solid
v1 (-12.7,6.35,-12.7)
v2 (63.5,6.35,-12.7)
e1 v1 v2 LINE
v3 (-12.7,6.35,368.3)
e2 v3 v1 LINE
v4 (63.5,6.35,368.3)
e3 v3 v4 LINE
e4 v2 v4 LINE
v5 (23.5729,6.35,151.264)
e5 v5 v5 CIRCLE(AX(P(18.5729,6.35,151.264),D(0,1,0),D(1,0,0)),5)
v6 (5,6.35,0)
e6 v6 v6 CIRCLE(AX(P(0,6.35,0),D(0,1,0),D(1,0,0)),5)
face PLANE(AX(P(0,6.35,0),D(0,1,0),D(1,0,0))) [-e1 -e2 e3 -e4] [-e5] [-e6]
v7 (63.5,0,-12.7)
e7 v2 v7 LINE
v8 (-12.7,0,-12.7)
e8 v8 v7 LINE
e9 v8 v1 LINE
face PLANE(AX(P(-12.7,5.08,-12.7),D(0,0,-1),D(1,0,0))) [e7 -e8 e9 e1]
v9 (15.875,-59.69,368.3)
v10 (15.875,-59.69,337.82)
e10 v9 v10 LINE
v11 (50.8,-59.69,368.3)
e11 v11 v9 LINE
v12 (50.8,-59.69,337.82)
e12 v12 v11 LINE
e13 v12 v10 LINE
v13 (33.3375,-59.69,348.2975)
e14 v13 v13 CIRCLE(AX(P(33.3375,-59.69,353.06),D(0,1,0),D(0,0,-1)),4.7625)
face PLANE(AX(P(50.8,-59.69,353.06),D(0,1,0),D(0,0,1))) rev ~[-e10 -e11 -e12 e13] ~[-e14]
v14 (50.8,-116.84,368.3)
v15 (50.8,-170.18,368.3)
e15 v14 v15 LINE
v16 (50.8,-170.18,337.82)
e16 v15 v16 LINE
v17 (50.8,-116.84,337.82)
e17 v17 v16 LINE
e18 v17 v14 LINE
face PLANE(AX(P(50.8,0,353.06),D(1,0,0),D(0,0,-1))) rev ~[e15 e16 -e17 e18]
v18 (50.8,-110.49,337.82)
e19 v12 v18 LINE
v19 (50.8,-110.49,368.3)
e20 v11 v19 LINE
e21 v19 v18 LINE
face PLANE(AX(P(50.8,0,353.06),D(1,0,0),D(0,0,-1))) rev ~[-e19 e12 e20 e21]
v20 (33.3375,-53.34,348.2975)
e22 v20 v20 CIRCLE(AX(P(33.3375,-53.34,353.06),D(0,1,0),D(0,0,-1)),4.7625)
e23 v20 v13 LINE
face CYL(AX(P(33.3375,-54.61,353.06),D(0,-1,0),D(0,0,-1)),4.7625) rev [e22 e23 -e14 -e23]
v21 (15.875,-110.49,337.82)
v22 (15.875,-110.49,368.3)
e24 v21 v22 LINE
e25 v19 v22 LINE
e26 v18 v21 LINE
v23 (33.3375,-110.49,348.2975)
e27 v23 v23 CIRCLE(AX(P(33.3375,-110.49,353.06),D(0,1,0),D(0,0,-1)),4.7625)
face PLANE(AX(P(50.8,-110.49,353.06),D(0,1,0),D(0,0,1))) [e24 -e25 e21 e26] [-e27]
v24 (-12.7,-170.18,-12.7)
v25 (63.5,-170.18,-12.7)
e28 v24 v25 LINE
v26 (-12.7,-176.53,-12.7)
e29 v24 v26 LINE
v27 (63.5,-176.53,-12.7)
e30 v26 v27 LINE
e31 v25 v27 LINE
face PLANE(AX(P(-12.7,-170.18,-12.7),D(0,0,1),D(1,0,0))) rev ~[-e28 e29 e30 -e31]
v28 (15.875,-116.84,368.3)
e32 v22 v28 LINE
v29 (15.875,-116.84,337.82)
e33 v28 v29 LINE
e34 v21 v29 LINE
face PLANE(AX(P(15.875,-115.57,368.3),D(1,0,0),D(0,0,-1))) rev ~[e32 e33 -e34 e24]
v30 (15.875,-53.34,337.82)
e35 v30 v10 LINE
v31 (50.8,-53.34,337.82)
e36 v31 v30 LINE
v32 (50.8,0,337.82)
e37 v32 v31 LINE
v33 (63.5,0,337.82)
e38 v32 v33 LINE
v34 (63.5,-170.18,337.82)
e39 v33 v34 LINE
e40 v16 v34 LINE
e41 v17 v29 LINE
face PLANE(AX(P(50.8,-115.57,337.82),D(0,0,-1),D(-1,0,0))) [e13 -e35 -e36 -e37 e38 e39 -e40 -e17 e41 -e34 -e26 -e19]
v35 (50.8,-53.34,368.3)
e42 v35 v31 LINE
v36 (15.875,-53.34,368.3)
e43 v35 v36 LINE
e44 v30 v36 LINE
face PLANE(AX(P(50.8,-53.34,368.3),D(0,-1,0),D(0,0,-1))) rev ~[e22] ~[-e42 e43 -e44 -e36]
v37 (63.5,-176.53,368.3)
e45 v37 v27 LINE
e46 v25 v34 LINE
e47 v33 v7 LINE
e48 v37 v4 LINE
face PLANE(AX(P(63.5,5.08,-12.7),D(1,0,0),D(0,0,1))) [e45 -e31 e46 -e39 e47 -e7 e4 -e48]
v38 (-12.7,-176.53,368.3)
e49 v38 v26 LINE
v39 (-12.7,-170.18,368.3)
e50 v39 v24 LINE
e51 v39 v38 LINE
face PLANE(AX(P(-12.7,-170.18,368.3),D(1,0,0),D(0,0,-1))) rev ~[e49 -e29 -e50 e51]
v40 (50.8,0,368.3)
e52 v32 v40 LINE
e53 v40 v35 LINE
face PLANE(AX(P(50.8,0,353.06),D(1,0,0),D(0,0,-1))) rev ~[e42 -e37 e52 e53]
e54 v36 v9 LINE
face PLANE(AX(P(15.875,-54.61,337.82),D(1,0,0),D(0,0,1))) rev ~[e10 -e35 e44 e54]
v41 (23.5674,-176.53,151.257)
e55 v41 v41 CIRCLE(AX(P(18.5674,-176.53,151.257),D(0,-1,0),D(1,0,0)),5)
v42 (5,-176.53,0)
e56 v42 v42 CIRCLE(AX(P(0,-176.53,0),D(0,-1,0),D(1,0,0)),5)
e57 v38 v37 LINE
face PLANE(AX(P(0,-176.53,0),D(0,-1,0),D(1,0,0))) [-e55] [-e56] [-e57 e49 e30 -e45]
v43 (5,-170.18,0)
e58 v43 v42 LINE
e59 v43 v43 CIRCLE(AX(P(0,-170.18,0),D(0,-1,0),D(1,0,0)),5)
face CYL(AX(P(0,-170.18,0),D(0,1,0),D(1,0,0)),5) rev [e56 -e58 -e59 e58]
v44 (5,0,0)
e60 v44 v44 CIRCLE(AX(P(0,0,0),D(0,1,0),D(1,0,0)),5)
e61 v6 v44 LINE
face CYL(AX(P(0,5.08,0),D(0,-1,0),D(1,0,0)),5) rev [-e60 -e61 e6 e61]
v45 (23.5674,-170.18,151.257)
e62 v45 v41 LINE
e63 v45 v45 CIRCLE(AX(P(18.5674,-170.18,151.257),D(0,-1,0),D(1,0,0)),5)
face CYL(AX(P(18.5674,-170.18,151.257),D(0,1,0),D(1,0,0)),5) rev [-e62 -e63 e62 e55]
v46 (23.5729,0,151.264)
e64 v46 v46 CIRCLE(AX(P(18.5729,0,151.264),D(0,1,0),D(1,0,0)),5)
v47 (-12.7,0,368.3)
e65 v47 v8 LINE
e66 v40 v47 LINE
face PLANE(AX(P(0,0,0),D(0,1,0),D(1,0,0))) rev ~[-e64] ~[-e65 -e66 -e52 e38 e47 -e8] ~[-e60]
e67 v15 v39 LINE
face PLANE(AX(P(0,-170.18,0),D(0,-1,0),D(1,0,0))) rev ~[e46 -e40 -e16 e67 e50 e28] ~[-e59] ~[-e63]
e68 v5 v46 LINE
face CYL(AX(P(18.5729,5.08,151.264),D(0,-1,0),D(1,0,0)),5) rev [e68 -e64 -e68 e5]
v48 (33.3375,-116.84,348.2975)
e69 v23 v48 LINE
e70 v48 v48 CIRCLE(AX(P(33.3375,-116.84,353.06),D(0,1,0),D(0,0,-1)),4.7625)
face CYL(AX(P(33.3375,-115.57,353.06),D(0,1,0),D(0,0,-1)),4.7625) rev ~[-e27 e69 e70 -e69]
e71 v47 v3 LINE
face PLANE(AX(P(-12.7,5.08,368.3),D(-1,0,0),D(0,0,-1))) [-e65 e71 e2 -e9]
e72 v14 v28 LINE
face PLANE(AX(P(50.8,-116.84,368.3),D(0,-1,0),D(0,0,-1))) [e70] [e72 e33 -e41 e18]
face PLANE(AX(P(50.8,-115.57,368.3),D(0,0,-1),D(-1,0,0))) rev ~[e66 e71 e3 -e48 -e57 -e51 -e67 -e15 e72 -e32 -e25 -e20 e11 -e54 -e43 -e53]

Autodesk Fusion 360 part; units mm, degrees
sketch "Sketch1" plane through (0, 0, 0) normal (0, 1, 0) x (1, 0, 0)
  line L0 (0, 0) -> (18.5729, 0) construction
  line L1 (18.5729, 0) -> (18.5729, -151.264) construction
  line L2 (18.5729, -151.264) -> (0, -151.264) construction
  line L3 (0, -151.264) -> (0, 0) construction
  line L4 (0, 0) -> (18.5729, -151.264) construction
  line L5 (0, 0) -> (43.3367, -352.9494) construction
  line L6 (-12.7, 12.7) -> (63.5, 12.7)
  line L7 (63.5, 12.7) -> (63.5, -368.3)
  line L8 (63.5, -368.3) -> (-12.7, -368.3)
  line L9 (-12.7, -368.3) -> (-12.7, 12.7)
  circle A0 centre (0, 0) radius 5
  circle A1 centre (18.5729, -151.264) radius 5
  circle A2 centre (43.3367, -352.9494) radius 4.7625
  line L10 (63.5, -368.3) -> (50.8, -368.3)
  line L11 (50.8, -368.3) -> (50.8, -337.82)
  line L12 (50.8, -337.82) -> (63.5, -337.82)
  line L13 (63.5, -337.82) -> (63.5, -368.3)
  line L14 (50.8, -353.06) -> (63.5, -353.06)
  dimension "d7" = 18.5729
  dimension "d8" = 151.264
  dimension "d9" = 355.6
  dimension "d10" = 381
  dimension "d11" = 76.2
  dimension "d13" = 12.7
  dimension "d14" = 12.7
  dimension "d15" = 10
  dimension "d16" = 10
  dimension "d19" = 9.525
  dimension "d22" = 30.48
  dimension "d23" = 12.7
extrude "Extrude1" add sketch "Sketch1" along normal blind 5.08 contours L6 L7 L8 L9 L11 L12 | L7 L11 L12 L13 L14 | L7 L8 L10 L11 L13 L14 | A2
extrude "Extrude3" add sketch "Sketch1" against normal blind 170.18 contours L7 L11 L12 L13 L14 | L7 L8 L10 L11 L13 L14
sketch "Sketch2" plane through (50.8, 0, 0) normal (-1, 0, 0) x (0, -1, 0)
  line L0 (0, 368.3) -> (0, 337.82)
  line L1 (0, 337.82) -> (170.18, 337.82)
  line L2 (170.18, 337.82) -> (170.18, 368.3)
  line L3 (170.18, 368.3) -> (0, 368.3)
  line L4 (85.09, 337.82) -> (85.09, 368.3)
  line L5 (170.18, 353.06) -> (0, 353.06)
  line L6 (59.69, 348.2975) -> (110.49, 348.2975) construction
  line L7 (110.49, 348.2975) -> (110.49, 357.8225) construction
  line L8 (110.49, 357.8225) -> (59.69, 357.8225) construction
  line L9 (59.69, 357.8225) -> (59.69, 348.2975) construction
  line L10 (59.69, 353.06) -> (110.49, 353.06)
  line L11 (85.09, 357.8225) -> (85.09, 348.2975)
  line L12 (110.49, 368.3) -> (115.57, 368.3)
  line L13 (115.57, 368.3) -> (115.57, 337.82)
  line L14 (115.57, 337.82) -> (110.49, 337.82)
  line L15 (110.49, 337.82) -> (110.49, 368.3)
  line L16 (54.61, 368.3) -> (54.61, 337.82)
  line L17 (59.69, 337.82) -> (59.69, 368.3)
  line L18 (59.69, 368.3) -> (54.61, 368.3)
  line L19 (54.61, 337.82) -> (59.69, 337.82)
  dimension "d26" = 9.525
  dimension "d27" = 50.8
  dimension "d28" = 30.48
  dimension "d29" = 85.09
  dimension "d30" = 5.08
  dimension "d31" = 5.08
  dimension "d32" = 30.48
extrude "Extrude4" add sketch "Sketch2" along normal blind 34.925 contours L3 L5 L16 L17 L18 | L1 L5 L16 L17 L19 | L3 L5 L12 L13 L15 | L1 L5 L13 L14 L15
hole "Hole1" at (33.3375, -59.69, 353.06) direction (0, 1, 0) diameter 9.525 depth 10.16 tip angle 118
hole "Hole2" at (33.3375, -115.57, 353.06) direction (0, 1, 0) diameter 9.525 depth 10.16 tip angle 118
sketch "Sketch3" plane through (0, -170.18, 0) normal (0, -1, 0) x (1, 0, 0)
  line L0 (50.8, 337.82) -> (63.5, 337.82)
  line L1 (63.5, 337.82) -> (63.5, 368.3)
  line L2 (63.5, 368.3) -> (50.8, 368.3)
  line L3 (50.8, 368.3) -> (50.8, 337.82)
  line L4 (63.5, 368.3) -> (-12.7, 368.3)
  line L5 (-12.7, 368.3) -> (-12.7, -12.7)
  line L6 (-12.7, -12.7) -> (63.5, -12.7)
  line L7 (63.5, -12.7) -> (63.5, 368.3)
  line L8 (0, 0) -> (18.5674, 0) construction
  line L9 (18.5674, 0) -> (18.5674, 151.257) construction
  line L10 (18.5674, 151.257) -> (0, 151.257) construction
  line L11 (0, 151.257) -> (0, 0) construction
  circle A0 centre (0, 0) radius 5
  line L12 (0, 0) -> (18.5674, 151.257) construction
  line L13 (0, 0) -> (43.3261, 352.9507) construction
  circle A1 centre (43.3261, 352.9507) radius 4.7625
  circle A2 centre (18.5674, 151.257) radius 5
  dimension "d41" = 381
  dimension "d42" = 76.2
  dimension "d43" = 151.257
  dimension "d44" = 18.5674
  dimension "d45" = 10
  dimension "d46" = 355.6
  dimension "d47" = 9.525
  dimension "d48" = 10
extrude "Extrude5" add 1 faces at (23.1881, 5.08, 297.6201) along direction (0, 1, 0) blind 1.27
extrude "Extrude6" add 1 faces at (20.1128, -54.61, 353.1786) along direction (0, 1, 0) blind 1.27
extrude "Extrude7" add 1 faces at (20.1128, -115.57, 353.1786) along direction (0, -1, 0) blind 1.27
extrude "Extrude8" add sketch "Sketch3" along normal blind 6.35 contours L0 L1 L2 L3 L4 L7 | L0 L3 L4 L5 L6 L7 | A1
equation "d19 = ( 3 / 8 ) * 1 in"
equation "d26 = ( 3 / 8 ) * 1 in"
